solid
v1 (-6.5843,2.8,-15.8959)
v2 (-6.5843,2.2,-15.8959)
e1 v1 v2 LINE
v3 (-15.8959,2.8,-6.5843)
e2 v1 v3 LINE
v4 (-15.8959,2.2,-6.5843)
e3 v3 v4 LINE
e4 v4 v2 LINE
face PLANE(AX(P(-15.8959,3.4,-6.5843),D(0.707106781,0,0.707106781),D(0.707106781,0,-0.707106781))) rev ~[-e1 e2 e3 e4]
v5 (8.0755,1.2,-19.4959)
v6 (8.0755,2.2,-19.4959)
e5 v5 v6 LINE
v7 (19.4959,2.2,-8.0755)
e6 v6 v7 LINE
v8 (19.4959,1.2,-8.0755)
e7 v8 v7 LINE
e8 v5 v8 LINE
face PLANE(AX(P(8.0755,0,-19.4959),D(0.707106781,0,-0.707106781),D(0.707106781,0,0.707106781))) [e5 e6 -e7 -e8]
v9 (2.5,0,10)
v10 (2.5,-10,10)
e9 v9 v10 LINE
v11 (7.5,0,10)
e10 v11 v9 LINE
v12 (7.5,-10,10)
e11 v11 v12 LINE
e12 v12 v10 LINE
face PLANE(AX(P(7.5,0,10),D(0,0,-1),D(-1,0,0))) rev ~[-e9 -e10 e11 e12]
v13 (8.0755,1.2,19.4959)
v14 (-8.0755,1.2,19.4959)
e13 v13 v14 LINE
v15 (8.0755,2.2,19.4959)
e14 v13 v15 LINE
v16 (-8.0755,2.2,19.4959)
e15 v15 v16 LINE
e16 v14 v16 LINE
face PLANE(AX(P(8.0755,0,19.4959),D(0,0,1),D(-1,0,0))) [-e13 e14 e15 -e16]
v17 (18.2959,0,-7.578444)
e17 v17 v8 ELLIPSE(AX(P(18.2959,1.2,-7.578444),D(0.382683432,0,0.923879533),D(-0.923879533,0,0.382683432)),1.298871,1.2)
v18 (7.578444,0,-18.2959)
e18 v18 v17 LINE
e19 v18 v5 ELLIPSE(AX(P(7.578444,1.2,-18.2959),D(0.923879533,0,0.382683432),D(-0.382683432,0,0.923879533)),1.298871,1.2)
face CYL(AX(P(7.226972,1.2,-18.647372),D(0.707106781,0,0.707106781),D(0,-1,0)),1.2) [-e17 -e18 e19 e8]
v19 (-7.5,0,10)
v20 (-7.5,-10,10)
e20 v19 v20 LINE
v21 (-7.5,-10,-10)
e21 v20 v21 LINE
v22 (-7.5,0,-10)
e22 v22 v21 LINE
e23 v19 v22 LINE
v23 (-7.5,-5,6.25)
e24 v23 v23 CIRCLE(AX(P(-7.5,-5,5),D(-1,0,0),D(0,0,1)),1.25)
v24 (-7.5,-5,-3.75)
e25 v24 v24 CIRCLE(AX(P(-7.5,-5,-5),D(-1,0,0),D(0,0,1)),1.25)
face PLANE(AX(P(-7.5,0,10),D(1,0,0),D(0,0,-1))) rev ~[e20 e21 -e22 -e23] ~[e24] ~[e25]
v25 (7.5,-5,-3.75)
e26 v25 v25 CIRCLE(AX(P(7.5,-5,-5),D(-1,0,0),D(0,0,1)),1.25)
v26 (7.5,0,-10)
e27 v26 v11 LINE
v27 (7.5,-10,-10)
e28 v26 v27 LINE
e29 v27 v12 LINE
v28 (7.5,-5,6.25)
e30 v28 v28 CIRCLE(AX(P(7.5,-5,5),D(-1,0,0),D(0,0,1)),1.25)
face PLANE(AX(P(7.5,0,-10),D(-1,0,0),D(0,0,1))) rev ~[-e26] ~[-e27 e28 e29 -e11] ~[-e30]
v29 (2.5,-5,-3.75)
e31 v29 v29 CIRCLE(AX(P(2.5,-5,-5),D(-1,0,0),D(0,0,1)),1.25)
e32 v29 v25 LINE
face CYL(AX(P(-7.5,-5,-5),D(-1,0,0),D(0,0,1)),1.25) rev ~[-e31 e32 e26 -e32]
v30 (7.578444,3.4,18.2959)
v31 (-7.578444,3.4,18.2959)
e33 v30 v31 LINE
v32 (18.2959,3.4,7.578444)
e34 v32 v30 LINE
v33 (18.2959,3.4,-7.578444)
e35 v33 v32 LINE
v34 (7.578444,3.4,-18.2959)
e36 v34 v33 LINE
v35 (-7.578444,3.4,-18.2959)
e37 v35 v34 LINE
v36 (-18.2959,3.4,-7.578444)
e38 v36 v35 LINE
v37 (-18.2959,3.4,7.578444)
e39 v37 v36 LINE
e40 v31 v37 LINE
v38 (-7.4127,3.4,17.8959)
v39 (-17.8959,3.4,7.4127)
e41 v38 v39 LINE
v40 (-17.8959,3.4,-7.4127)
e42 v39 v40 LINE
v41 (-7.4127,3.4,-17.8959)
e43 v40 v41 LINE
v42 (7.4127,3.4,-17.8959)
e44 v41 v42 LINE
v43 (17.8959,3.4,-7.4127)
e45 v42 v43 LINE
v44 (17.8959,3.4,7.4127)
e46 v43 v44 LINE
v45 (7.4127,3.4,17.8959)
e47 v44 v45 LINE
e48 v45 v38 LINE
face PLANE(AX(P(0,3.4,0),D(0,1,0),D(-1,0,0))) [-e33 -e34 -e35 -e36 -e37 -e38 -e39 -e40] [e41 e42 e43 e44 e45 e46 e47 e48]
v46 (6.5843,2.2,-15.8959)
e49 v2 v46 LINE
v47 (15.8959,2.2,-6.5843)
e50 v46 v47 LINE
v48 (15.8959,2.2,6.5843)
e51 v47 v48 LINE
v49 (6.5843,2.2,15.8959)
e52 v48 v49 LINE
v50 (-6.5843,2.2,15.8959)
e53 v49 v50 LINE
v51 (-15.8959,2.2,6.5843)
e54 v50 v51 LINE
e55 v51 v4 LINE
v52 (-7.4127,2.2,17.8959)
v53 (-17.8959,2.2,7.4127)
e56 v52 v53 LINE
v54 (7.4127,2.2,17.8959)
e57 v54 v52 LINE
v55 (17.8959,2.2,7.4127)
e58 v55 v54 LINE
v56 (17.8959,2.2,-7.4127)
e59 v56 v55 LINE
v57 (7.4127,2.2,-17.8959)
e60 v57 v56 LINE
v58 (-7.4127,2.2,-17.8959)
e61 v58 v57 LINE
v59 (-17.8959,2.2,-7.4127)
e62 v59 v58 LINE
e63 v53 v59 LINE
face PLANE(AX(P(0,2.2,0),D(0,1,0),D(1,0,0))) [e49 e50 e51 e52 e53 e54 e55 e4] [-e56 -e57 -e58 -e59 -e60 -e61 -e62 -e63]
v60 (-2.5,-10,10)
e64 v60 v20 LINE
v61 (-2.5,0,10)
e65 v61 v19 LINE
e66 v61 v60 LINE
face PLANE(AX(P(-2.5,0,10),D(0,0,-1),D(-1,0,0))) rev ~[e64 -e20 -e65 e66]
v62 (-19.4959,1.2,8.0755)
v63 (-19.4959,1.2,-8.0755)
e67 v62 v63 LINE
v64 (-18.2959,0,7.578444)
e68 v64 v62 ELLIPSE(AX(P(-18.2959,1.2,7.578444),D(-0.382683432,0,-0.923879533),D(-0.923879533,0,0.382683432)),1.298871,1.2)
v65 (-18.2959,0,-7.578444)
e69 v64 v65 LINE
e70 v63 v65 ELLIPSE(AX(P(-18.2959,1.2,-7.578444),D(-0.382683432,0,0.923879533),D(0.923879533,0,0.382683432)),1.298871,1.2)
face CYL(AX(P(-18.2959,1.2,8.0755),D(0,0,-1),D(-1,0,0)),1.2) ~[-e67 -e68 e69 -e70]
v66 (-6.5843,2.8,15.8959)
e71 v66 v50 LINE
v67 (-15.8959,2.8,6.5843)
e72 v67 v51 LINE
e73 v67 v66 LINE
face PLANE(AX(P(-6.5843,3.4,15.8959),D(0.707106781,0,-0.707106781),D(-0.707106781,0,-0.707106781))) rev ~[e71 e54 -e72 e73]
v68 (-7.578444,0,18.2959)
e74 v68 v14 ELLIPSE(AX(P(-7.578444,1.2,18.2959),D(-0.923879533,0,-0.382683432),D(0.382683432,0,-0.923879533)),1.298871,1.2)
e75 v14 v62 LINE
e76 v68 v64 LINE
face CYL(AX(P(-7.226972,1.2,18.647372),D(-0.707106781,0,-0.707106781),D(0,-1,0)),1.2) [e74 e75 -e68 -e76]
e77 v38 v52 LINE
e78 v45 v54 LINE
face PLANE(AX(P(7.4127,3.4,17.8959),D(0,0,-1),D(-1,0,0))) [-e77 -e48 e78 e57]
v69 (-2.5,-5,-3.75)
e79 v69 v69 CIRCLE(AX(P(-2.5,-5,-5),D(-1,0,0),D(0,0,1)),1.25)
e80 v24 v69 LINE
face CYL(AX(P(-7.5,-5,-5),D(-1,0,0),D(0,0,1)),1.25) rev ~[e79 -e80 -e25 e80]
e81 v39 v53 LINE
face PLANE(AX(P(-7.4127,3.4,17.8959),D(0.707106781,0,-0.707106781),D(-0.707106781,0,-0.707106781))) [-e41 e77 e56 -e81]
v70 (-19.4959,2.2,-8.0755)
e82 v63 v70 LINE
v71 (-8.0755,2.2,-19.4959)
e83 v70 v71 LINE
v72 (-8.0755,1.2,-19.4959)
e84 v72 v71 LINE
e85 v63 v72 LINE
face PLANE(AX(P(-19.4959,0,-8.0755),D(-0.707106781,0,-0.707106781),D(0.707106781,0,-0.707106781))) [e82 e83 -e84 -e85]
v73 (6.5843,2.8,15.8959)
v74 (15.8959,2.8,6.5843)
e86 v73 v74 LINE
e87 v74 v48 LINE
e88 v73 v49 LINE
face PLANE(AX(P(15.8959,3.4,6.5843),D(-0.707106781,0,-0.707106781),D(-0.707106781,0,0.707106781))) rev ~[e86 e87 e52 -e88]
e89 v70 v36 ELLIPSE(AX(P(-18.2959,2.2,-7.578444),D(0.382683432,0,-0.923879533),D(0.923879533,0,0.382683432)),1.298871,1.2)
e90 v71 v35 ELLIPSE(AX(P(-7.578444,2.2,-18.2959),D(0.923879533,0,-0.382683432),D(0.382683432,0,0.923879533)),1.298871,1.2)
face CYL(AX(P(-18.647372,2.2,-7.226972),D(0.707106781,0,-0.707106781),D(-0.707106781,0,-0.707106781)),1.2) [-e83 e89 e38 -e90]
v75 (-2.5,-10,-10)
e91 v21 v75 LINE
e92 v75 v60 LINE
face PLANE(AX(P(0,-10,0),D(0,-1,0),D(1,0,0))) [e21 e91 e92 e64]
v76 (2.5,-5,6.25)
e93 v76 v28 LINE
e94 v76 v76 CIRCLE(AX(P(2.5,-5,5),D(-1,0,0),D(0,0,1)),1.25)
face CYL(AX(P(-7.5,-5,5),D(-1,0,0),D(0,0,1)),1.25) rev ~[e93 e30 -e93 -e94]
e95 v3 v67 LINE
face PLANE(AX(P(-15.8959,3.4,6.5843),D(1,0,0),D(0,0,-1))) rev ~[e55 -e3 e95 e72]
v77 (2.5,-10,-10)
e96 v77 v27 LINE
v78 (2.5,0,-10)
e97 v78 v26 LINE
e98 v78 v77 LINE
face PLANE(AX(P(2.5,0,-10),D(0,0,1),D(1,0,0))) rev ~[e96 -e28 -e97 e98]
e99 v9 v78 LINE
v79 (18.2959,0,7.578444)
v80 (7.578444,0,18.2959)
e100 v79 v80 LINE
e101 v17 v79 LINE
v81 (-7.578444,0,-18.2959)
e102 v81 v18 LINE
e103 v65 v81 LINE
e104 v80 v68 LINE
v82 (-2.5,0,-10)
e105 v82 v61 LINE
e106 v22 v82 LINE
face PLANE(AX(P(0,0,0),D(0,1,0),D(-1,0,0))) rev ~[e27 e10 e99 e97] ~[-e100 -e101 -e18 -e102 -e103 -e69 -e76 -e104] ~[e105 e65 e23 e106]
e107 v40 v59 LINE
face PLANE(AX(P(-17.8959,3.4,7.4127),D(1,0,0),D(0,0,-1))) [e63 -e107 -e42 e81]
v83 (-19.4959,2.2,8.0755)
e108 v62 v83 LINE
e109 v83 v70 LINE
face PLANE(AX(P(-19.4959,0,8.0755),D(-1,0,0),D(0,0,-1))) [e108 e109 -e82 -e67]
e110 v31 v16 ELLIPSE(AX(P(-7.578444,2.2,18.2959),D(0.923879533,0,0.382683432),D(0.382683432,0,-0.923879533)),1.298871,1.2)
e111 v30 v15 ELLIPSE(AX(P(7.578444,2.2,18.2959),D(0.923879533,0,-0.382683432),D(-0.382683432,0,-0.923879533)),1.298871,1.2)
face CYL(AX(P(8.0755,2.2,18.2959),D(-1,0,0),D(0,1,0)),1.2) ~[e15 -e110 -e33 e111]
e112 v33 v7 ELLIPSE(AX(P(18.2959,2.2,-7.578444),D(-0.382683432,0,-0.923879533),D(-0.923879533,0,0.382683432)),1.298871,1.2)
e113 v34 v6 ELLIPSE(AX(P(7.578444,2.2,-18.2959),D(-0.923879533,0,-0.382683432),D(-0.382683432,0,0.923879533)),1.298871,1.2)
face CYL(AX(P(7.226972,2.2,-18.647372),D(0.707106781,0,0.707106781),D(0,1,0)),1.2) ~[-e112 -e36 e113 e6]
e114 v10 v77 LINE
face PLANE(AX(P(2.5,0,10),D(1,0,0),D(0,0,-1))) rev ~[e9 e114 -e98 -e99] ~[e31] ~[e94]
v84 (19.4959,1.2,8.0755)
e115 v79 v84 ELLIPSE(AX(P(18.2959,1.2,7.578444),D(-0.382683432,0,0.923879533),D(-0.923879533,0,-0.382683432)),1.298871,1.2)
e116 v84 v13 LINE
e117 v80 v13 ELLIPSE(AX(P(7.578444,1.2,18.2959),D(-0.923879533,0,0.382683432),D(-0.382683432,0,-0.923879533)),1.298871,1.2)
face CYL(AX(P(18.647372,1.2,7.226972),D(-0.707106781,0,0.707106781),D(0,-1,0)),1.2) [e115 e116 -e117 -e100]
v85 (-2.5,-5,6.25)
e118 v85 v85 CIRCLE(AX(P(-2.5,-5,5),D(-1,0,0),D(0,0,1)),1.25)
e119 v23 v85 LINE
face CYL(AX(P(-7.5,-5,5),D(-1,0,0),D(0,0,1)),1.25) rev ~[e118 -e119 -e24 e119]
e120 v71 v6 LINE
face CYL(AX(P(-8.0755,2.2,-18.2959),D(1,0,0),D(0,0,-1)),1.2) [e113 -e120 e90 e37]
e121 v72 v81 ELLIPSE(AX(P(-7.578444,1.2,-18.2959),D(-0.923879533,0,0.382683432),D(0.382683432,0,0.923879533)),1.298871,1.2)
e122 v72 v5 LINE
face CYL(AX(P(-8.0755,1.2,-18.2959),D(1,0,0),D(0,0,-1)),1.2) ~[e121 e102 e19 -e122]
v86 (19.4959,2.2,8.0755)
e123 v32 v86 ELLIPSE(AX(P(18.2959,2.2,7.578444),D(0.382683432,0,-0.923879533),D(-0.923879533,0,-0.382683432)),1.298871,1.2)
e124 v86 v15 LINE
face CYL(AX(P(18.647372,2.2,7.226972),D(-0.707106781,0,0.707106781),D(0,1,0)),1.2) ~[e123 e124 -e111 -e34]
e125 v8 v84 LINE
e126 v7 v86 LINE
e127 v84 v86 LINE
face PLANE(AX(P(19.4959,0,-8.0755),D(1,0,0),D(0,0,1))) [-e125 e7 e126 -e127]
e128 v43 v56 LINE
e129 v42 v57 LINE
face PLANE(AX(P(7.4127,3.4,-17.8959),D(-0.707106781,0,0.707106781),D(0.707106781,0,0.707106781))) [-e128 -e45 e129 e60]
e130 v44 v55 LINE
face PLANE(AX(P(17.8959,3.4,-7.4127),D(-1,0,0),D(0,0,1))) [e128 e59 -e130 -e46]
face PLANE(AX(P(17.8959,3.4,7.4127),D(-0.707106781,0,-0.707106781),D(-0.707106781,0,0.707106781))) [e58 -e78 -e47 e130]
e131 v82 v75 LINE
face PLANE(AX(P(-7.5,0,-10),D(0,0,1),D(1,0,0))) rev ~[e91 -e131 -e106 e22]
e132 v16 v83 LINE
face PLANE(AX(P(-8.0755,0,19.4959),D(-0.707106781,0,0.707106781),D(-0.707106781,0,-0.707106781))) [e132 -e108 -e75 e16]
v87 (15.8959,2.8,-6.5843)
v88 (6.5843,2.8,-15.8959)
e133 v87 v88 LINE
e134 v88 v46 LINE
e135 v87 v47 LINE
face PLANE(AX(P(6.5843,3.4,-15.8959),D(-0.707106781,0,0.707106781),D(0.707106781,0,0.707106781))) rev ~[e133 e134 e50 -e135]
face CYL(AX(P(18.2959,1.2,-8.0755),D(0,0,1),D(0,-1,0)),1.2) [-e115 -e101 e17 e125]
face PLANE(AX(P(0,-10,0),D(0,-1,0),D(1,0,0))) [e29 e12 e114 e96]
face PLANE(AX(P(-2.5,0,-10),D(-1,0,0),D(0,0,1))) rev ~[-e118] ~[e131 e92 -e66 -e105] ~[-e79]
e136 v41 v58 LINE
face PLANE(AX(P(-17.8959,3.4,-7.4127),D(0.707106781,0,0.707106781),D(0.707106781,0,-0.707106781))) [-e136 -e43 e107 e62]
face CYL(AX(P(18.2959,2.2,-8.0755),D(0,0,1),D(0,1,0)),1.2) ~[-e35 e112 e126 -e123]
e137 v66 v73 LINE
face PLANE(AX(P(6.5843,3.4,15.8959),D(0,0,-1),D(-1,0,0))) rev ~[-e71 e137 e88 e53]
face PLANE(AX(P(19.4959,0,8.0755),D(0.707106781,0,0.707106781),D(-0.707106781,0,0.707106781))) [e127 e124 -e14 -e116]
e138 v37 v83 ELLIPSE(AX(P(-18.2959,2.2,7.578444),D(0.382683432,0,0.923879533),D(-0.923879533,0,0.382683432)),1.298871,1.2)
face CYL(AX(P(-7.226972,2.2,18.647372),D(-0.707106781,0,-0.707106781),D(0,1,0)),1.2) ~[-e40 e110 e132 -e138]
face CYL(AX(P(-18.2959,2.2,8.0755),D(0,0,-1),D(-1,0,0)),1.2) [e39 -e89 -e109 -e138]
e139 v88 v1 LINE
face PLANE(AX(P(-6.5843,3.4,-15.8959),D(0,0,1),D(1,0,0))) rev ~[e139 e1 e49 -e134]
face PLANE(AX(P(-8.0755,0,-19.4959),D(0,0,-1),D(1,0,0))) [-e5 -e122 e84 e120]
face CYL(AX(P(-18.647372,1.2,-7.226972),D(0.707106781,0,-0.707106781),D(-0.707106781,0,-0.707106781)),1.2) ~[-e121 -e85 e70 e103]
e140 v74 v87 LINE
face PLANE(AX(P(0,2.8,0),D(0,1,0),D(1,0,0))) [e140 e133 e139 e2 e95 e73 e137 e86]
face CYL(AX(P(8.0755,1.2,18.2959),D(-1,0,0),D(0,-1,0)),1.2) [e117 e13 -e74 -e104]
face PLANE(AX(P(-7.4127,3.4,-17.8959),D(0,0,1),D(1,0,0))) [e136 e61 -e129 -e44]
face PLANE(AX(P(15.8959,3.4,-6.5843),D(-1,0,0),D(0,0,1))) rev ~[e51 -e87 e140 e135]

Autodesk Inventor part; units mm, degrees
ref_plane "YZ Plane" through (0, 0, 0) normal (1, 0, 0) x (0, 1, 0)
ref_plane "XZ Plane" through (0, 0, 0) normal (0, 1, 0) x (-1, 0, 0)
ref_plane "XY Plane" through (0, 0, 0) normal (0, 0, 1) x (1, 0, 0)
sketch "스케치3" plane through (0, 0, 0) normal (0, 1, 0) x (-1, 0, 0)
  line L0 (19.4959, -8.0755) -> (8.0755, -19.4959)
  line L1 (8.0755, -19.4959) -> (-8.0755, -19.4959)
  line L2 (-8.0755, -19.4959) -> (-19.4959, -8.0755)
  line L3 (-19.4959, -8.0755) -> (-19.4959, 8.0755)
  line L4 (-19.4959, 8.0755) -> (-8.0755, 19.4959)
  line L5 (-8.0755, 19.4959) -> (8.0755, 19.4959)
  line L6 (8.0755, 19.4959) -> (19.4959, 8.0755)
  line L7 (19.4959, 8.0755) -> (19.4959, -8.0755)
  line L8 (6.75, -16.2959) -> (-6.75, -16.2959)
  line L9 (-6.75, -16.2959) -> (-16.2959, -6.75)
  line L10 (-16.2959, -6.75) -> (-16.2959, 6.75)
  line L11 (-16.2959, 6.75) -> (-6.75, 16.2959)
  line L12 (-6.75, 16.2959) -> (6.75, 16.2959)
  line L13 (6.75, 16.2959) -> (16.2959, 6.75)
  line L14 (16.2959, 6.75) -> (16.2959, -6.75)
  line L15 (16.2959, -6.75) -> (6.75, -16.2959)
  point P0 (0, 0)
  point P1 (0, 0)
  point P2 (0, 0)
  point P3 (0, 0)
  dimension "d66" = 13.5
  dimension "d67" = 3.2
extrude "돌출2" add sketch "스케치3" along normal blind 3.4 contours L0 L1 L2 L3 L4 L5 L6 L7 | L8 L9 L10 L11 L12 L13 L14 L15
sketch "스케치9" plane through (0, 0, 0) normal (0, -1, 0) x (1, 0, 0)
  line L0 (7.5, 10) -> (2.5, 10)
  line L1 (2.5, 10) -> (2.5, -10)
  line L2 (2.5, -10) -> (7.5, -10)
  line L3 (7.5, -10) -> (7.5, 10)
  line L4 (7.5, 10) -> (2.5, -10) construction
  line L5 (2.5, 10) -> (7.5, -10) construction
  line L6 (-2.5, 10) -> (-7.5, 10)
  line L7 (-7.5, 10) -> (-7.5, -10)
  line L8 (-7.5, -10) -> (-2.5, -10)
  line L9 (-2.5, 10) -> (-7.5, -10) construction
  line L10 (-7.5, 10) -> (-2.5, -10) construction
  line L11 (-2.5, -10) -> (-2.5, 10)
  point P0 (0, 0)
  point P1 (5, 0)
  point P2 (-5, 0)
  dimension "d42" = 20
  dimension "d43" = 5
  dimension "d44" = 2.5
  dimension "d47" = 10
extrude "돌출8" add sketch "스케치9" along normal blind 10
sketch "스케치10" plane through (-7.5, 0, -10) normal (-1, 0, 0) x (0, 0, 1)
  circle A0 centre (15, -5) radius 1.25
  line L0 (19.9591, 0) -> (0.0886, 0)
  line L1 (18.0755, 0) -> (1.9245, 0) projected
  circle A1 centre (5, -5) radius 1.25
  line L2 (20, 0) -> (20, -10) projected
  point P0 (10, 0)
  dimension "d54" = 2.5
  dimension "d57" = 10
  dimension "d62" = 5
  dimension "d63" = 5
extrude "돌출9" cut sketch "스케치10" against normal blind 20
fillet "모깎기1" radius 1.2 16 edges at (-13.7857, 3.4, 13.7857) (0, 3.4, 19.4959) (13.7857, 3.4, 13.7857) (19.4959, 3.4, 0) (13.7857, 3.4, -13.7857) (0, 3.4, -19.4959) (-13.7857, 3.4, -13.7857) (-19.4959, 3.4, 0) (-13.7857, 0, 13.7857) (0, 0, 19.4959) (13.7857, 0, 13.7857) (19.4959, 0, 0) (13.7857, 0, -13.7857) (0, 0, -19.4959) (-13.7857, 0, -13.7857) (-19.4959, 0, 0)
sketch "스케치12" plane through (0, 3.4, 0) normal (0, 1, 0) x (1, 0, 0)
  line L0 (7.4127, -17.8959) -> (-7.4127, -17.8959)
  line L1 (-7.4127, -17.8959) -> (-17.8959, -7.4127)
  line L2 (-17.8959, -7.4127) -> (-17.8959, 7.4127)
  line L3 (-17.8959, 7.4127) -> (-7.4127, 17.8959)
  line L4 (-7.4127, 17.8959) -> (7.4127, 17.8959)
  line L5 (7.4127, 17.8959) -> (17.8959, 7.4127)
  line L6 (17.8959, 7.4127) -> (17.8959, -7.4127)
  line L7 (17.8959, -7.4127) -> (7.4127, -17.8959)
  line L8 (-6.5843, 15.8959) -> (6.5843, 15.8959)
  line L9 (6.5843, 15.8959) -> (15.8959, 6.5843)
  line L10 (15.8959, 6.5843) -> (15.8959, -6.5843)
  line L11 (15.8959, -6.5843) -> (6.5843, -15.8959)
  line L12 (6.5843, -15.8959) -> (-6.5843, -15.8959)
  line L13 (-6.5843, -15.8959) -> (-15.8959, -6.5843)
  line L14 (-15.8959, -6.5843) -> (-15.8959, 6.5843)
  line L15 (-15.8959, 6.5843) -> (-6.5843, 15.8959)
  line L16 (-18.2959, -7.5784) -> (-18.2959, 7.5784) projected
  line L17 (-19.4959, 8.0755) -> (-19.4959, -8.0755) projected
  point P0 (0, 0)
  point P1 (0, 0)
  point P2 (0, 0)
  point P3 (-17.8959, 0)
  point P4 (-19.4959, 0)
  point P5 (-15.8959, 0)
  dimension "d100" = 1.6
  dimension "d101" = 2
extrude "돌출11" cut sketch "스케치12" against normal blind 1.2
sketch "스케치13" plane through (0, 3.4, 0) normal (0, 1, 0) x (1, 0, 0)
  line L0 (15.8959, 6.5843) -> (6.5843, 15.8959) projected
  line L1 (6.5843, 15.8959) -> (-6.5843, 15.8959) projected
  line L2 (-6.5843, 15.8959) -> (-15.8959, 6.5843) projected
  line L3 (-15.8959, 6.5843) -> (-15.8959, -6.5843) projected
  line L4 (-15.8959, -6.5843) -> (-6.5843, -15.8959) projected
  line L5 (-6.5843, -15.8959) -> (6.5843, -15.8959) projected
  line L6 (6.5843, -15.8959) -> (15.8959, -6.5843) projected
  line L7 (15.8959, -6.5843) -> (15.8959, 6.5843) projected
  point P0 (0, 0)
extrude "돌출12" cut sketch "스케치13" against normal blind 0.6
properties part number "OV-PAM_bottom_2"
